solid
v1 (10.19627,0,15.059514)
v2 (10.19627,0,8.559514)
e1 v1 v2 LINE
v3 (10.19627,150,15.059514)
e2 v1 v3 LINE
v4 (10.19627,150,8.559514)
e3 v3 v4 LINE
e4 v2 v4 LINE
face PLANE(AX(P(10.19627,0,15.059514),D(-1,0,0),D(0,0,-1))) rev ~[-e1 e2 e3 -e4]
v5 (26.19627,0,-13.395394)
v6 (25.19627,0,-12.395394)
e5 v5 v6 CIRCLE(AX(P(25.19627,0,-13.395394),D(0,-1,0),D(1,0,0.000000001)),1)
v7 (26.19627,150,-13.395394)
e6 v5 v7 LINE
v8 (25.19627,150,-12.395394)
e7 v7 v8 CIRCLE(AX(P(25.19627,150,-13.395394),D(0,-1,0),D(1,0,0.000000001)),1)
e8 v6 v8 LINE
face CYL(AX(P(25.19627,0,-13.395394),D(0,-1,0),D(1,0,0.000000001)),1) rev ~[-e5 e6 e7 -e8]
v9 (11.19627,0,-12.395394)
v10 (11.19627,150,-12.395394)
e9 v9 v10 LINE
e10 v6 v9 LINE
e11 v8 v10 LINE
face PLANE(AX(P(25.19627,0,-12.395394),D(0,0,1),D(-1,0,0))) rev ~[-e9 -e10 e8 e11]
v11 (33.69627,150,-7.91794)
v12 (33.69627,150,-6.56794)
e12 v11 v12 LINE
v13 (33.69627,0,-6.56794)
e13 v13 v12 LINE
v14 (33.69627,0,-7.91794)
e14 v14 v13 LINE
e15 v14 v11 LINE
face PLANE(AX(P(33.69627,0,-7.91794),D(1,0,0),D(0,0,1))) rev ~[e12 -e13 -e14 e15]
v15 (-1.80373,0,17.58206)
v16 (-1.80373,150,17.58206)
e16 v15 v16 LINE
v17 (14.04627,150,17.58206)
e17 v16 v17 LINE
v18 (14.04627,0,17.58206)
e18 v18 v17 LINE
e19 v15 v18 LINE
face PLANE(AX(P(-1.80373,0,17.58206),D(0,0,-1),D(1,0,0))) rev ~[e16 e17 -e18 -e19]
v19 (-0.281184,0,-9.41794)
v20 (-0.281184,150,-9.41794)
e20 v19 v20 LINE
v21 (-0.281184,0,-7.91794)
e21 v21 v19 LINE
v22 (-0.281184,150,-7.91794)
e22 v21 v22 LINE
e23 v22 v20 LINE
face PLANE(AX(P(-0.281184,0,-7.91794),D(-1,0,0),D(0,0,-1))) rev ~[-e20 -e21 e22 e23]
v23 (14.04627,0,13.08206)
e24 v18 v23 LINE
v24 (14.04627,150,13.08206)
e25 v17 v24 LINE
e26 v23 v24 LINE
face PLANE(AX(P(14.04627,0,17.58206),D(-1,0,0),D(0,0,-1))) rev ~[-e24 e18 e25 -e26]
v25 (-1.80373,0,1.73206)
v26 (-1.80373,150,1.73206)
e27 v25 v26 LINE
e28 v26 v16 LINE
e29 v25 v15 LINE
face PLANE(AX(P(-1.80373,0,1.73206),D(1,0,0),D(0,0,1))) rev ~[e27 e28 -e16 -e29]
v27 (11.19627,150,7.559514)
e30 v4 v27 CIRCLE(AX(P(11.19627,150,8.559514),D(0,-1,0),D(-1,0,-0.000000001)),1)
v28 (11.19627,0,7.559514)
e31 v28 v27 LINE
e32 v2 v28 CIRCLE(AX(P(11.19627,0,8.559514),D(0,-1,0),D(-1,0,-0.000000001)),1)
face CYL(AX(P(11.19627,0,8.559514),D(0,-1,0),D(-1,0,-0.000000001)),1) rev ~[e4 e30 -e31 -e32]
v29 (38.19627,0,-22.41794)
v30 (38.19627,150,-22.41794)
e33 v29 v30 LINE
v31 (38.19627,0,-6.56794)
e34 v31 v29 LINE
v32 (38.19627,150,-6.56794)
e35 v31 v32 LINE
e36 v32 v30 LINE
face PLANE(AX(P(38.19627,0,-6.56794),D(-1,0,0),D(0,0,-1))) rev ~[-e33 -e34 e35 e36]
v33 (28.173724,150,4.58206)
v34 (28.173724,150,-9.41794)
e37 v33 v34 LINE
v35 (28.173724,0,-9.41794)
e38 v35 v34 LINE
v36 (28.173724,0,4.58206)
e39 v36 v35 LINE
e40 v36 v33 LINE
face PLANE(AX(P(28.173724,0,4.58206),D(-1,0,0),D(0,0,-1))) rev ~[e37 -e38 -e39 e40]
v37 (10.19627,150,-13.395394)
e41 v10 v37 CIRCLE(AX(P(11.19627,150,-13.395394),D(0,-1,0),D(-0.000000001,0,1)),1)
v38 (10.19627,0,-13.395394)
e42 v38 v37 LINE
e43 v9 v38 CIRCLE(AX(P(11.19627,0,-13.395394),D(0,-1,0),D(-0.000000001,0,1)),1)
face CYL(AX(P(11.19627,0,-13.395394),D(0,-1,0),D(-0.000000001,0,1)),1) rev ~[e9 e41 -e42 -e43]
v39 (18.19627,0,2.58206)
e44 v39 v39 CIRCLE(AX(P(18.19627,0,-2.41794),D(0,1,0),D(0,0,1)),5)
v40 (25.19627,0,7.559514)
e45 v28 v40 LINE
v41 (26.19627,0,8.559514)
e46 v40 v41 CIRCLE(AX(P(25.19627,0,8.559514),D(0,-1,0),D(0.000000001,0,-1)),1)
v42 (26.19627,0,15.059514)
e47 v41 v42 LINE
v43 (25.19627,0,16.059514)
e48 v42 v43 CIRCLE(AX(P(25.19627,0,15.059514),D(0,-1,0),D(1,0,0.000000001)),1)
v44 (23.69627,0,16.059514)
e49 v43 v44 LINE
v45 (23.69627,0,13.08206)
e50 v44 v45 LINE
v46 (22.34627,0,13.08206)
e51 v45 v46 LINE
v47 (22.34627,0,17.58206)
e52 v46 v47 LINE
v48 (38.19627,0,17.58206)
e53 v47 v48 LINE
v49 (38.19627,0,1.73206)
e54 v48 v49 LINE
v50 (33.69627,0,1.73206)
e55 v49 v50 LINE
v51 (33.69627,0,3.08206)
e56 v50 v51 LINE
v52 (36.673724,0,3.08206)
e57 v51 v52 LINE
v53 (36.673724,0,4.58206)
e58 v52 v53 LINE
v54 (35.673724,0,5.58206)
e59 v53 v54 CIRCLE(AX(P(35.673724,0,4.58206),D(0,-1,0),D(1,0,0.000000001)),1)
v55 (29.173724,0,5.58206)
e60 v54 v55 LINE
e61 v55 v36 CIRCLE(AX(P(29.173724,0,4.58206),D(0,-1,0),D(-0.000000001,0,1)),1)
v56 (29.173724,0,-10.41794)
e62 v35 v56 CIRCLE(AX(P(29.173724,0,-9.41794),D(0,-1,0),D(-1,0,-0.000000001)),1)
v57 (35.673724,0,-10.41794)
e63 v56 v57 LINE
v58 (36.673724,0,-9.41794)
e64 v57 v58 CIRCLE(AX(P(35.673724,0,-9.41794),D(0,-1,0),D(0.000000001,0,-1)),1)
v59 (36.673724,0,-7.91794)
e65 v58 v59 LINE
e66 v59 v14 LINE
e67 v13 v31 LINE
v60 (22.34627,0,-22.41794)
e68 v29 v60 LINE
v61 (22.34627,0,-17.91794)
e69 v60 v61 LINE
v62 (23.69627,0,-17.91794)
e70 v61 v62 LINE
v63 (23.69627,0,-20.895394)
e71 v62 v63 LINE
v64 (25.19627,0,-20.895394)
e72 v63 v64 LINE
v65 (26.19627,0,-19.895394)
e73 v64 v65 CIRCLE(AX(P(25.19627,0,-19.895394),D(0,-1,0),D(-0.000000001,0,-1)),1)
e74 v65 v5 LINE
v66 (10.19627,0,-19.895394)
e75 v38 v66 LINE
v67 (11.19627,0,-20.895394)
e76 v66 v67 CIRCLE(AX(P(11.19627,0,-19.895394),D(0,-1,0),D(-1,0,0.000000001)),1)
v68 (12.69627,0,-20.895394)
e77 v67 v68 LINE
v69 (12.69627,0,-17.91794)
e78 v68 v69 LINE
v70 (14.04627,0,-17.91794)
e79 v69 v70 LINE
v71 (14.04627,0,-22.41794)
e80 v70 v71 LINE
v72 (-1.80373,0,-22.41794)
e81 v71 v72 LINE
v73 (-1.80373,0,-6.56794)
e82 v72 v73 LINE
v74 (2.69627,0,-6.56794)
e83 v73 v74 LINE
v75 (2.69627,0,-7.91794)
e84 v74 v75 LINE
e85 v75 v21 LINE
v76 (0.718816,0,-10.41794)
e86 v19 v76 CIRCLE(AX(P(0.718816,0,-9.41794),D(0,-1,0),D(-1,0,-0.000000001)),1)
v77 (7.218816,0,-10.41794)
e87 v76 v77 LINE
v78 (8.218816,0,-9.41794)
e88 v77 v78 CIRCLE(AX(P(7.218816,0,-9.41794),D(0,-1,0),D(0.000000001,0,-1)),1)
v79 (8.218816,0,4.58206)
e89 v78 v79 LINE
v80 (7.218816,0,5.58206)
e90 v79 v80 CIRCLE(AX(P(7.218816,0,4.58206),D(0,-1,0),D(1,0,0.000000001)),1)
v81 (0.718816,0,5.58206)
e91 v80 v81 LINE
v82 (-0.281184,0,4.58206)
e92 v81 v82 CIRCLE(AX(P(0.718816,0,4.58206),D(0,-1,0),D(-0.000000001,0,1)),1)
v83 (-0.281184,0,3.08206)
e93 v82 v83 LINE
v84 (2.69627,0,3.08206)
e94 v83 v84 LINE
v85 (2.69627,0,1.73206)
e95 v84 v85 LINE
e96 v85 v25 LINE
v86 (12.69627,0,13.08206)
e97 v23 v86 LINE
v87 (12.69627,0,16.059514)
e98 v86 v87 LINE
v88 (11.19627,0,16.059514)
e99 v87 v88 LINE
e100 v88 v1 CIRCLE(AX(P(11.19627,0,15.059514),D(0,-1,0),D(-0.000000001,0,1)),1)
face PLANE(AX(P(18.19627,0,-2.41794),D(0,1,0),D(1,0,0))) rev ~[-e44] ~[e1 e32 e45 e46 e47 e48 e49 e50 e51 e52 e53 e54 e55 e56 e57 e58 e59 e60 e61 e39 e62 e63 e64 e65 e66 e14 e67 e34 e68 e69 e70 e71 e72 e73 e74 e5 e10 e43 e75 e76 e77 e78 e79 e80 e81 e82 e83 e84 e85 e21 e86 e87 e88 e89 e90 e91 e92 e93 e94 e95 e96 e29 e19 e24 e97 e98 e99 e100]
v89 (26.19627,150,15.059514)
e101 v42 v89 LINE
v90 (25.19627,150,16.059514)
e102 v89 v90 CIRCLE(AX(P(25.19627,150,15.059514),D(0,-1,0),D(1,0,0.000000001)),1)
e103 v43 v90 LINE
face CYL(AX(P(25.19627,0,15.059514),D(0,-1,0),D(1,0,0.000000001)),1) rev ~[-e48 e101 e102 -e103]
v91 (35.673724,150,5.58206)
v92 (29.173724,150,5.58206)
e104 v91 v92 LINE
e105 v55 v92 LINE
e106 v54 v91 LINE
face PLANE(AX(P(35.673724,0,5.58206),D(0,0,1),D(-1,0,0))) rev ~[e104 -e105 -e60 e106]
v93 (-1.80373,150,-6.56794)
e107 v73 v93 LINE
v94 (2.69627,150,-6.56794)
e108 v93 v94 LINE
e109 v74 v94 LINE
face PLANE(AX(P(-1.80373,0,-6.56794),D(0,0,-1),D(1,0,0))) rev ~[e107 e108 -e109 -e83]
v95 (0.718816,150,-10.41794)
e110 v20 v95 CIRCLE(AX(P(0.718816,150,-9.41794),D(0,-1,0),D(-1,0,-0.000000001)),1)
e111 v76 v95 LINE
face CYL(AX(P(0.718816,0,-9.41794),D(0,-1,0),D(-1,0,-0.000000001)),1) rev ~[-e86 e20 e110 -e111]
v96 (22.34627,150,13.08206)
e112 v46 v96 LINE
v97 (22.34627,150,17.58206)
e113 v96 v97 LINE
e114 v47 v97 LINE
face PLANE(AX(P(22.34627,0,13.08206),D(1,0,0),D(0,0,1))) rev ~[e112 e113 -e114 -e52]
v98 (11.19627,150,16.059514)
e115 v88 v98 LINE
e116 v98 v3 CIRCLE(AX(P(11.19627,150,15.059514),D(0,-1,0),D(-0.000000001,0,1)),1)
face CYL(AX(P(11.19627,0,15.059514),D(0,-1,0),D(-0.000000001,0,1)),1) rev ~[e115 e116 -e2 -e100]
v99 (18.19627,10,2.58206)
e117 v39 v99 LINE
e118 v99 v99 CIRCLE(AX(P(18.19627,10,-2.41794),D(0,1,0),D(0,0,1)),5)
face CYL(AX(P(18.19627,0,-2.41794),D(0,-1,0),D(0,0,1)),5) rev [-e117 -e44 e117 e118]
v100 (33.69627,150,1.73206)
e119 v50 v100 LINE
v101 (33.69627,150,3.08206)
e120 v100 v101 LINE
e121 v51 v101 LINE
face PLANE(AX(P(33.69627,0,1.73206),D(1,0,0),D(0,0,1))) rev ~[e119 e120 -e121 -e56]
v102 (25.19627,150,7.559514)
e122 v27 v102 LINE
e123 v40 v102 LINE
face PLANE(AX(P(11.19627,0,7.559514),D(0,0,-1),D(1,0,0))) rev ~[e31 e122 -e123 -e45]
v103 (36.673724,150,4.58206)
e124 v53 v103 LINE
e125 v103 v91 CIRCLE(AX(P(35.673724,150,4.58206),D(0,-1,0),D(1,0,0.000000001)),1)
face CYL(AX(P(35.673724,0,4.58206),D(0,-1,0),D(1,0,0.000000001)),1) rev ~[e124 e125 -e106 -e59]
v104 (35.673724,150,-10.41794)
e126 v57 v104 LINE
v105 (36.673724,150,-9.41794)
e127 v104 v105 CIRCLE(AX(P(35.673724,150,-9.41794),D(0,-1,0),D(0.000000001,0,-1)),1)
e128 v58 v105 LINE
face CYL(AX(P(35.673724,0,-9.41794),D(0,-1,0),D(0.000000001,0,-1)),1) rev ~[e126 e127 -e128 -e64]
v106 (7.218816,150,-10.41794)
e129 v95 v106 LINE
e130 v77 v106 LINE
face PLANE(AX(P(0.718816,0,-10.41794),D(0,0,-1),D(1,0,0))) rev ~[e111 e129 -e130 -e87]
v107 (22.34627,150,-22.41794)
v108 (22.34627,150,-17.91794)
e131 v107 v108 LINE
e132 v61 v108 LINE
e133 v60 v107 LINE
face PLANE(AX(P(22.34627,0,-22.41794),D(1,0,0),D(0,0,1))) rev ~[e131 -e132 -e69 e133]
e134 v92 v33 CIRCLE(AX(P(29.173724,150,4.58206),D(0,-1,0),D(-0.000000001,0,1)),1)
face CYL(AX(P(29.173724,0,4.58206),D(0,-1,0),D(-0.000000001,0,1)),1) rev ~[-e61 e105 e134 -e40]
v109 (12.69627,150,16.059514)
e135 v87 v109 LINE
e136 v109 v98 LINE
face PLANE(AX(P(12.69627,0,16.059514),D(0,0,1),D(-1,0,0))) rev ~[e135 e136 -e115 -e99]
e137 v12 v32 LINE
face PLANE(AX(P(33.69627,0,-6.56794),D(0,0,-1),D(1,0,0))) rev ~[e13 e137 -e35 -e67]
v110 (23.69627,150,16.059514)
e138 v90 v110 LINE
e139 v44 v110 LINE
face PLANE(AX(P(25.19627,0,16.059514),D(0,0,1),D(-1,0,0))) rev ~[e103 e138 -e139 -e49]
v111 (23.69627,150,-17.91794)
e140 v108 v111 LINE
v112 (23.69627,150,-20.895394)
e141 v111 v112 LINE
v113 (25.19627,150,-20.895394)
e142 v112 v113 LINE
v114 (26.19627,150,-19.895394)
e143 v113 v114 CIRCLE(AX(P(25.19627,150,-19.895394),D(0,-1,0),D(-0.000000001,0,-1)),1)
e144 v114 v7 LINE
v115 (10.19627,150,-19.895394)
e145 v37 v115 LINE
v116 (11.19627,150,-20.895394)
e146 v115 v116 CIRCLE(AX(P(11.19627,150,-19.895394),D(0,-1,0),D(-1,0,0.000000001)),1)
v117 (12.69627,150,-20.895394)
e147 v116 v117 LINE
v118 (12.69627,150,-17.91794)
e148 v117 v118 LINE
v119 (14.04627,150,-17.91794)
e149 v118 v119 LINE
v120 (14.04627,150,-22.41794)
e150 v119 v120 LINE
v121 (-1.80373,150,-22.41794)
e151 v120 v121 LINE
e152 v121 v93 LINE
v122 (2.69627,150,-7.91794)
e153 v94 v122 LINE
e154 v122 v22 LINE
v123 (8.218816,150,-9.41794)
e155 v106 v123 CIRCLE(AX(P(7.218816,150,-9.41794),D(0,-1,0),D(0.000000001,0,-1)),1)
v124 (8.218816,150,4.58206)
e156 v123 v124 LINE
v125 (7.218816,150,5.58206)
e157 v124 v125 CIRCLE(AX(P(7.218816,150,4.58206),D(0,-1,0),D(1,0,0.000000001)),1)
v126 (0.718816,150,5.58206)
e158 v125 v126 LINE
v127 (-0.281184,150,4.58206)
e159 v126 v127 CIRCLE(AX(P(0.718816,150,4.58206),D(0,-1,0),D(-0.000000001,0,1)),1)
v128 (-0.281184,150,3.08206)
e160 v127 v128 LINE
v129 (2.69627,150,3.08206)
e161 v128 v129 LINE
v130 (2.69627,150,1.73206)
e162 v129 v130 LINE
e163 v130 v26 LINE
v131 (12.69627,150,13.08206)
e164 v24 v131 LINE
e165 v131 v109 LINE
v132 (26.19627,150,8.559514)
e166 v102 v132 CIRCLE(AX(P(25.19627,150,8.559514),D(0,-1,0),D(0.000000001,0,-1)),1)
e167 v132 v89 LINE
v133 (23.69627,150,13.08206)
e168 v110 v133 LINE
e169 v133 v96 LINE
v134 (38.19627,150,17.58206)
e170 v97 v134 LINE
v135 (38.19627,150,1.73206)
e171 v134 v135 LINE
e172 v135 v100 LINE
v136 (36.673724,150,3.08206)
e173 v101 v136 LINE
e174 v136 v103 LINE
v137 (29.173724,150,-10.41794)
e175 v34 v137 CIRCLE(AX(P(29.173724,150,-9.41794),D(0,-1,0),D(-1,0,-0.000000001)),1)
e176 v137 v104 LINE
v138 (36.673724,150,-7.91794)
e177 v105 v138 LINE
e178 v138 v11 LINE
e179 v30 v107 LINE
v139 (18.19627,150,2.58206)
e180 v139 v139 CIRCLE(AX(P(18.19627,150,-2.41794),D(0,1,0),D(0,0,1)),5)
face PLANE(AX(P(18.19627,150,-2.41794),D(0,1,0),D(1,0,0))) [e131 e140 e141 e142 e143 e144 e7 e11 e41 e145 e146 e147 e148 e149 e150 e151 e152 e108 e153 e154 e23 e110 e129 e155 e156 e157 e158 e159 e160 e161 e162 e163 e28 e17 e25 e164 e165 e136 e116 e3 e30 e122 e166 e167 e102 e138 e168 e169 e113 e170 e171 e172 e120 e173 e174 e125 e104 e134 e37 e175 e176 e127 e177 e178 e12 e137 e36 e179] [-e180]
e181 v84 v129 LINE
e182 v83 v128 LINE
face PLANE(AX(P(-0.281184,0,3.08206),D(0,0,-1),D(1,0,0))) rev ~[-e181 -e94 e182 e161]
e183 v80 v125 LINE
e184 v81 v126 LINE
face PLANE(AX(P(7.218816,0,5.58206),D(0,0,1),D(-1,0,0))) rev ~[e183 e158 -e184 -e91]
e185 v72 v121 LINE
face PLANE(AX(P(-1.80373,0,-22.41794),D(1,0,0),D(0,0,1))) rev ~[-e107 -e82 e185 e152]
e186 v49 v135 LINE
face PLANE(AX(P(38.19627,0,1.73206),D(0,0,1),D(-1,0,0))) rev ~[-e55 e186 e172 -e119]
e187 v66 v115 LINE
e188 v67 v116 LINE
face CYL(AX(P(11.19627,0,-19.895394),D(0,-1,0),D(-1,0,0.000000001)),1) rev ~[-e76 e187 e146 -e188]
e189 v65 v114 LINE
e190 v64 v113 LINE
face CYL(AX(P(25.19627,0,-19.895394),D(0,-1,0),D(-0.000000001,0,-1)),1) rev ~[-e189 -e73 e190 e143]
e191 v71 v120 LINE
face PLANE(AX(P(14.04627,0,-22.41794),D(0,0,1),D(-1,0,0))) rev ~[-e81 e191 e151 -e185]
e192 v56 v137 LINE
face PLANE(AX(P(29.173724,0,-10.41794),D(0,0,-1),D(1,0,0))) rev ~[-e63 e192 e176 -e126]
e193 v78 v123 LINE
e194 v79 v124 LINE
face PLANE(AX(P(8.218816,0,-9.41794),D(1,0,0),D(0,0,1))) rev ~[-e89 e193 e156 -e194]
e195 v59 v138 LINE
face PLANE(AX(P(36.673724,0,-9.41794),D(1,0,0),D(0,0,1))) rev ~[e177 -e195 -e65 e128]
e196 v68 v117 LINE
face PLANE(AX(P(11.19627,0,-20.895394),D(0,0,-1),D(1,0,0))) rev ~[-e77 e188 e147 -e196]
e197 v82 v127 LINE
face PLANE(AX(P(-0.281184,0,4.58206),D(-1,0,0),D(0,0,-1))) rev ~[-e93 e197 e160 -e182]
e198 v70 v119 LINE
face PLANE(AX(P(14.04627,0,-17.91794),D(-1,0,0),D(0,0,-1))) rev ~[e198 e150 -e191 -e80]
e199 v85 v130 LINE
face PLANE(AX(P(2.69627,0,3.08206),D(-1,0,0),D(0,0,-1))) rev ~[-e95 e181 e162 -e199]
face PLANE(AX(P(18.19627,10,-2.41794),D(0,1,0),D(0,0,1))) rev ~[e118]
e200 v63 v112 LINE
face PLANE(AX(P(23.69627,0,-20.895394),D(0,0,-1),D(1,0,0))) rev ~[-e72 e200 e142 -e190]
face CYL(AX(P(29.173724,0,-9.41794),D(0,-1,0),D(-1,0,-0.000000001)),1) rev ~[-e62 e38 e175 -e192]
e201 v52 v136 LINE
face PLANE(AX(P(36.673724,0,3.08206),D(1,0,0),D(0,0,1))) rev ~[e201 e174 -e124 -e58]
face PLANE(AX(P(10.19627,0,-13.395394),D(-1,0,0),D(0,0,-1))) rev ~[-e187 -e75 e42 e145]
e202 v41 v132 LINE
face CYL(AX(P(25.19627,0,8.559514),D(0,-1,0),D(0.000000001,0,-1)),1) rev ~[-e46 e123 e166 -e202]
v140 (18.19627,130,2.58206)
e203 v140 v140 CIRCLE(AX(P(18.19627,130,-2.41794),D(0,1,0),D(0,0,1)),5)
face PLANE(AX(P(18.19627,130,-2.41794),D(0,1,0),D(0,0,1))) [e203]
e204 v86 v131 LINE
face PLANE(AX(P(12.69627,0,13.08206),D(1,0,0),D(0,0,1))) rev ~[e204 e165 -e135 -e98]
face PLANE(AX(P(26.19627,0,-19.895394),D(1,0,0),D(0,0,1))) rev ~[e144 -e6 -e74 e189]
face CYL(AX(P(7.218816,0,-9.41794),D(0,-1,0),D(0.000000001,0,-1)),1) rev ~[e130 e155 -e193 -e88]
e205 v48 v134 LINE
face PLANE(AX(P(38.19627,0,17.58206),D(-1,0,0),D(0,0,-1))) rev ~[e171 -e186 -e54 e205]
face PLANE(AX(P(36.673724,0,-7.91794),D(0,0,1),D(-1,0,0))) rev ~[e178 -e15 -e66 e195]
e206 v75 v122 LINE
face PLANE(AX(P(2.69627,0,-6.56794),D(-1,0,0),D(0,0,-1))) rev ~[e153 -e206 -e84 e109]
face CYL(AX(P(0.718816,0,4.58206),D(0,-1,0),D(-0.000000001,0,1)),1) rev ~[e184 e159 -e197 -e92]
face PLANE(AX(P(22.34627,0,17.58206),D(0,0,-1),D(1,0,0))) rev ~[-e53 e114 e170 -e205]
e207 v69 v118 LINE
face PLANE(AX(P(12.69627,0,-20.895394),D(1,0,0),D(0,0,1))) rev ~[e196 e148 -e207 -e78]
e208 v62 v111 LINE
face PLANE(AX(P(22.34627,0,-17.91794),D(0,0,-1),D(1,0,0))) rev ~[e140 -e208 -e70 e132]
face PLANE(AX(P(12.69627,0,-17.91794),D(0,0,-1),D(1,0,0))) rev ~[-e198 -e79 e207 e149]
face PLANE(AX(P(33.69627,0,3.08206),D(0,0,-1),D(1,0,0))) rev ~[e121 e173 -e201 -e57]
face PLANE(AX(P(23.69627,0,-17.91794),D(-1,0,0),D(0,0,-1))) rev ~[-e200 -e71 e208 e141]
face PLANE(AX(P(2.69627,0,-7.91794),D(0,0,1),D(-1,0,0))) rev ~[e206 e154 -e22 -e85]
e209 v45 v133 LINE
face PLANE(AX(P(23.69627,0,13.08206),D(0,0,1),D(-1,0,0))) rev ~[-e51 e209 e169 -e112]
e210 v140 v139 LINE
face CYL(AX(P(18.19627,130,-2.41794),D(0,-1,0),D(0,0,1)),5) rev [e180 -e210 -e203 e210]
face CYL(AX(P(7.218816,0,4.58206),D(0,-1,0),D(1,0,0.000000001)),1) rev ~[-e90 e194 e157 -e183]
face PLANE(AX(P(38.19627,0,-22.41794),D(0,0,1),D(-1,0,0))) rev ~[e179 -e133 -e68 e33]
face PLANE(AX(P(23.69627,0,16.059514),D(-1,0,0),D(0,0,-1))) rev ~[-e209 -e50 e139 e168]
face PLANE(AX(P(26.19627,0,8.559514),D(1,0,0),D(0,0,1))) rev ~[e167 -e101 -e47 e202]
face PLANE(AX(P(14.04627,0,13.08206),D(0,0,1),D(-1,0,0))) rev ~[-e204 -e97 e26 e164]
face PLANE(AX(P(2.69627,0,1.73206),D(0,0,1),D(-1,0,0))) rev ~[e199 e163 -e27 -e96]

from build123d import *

# Parameters (mm, degrees)
RESSALTO_EXTRUS_O1_DEPTH = 150
ESBO_O2_3_R              = 5
CORTE_EXTRUS_O1_DEPTH    = 10
CORTE_EXTRUS_O2_START    = -20
ESBO_O4_R                = 5
CORTE_EXTRUS_O2_DEPTH    = 20


with BuildPart() as part:
    # Esboço2 → Ressalto-extrusão1 (new body)
    with BuildSketch(Plane(origin=(0, 0, 0), x_dir=(1, 0, 0), z_dir=(0, 1, 0))):
        with BuildLine():
            Line((-1.803730261, 22.417940287), (-1.803730261, 6.567940287))
            Line((-1.803730261, 6.567940287), (2.696269739, 6.567940287))
            Line((2.696269739, 6.567940287), (2.696269739, 7.917940287))
            Line((2.696269739, 7.917940287), (-0.281184469, 7.917940287))
            Line((-0.281184469, 7.917940287), (-0.281184469, 9.417940287))
            ThreePointArc((-0.281184469, 9.417940287), (0.01170875, 10.125047068), (0.718815531, 10.417940287))
            Line((0.718815531, 10.417940287), (7.218815531, 10.417940287))
            ThreePointArc((7.218815531, 10.417940287), (7.925922312, 10.125047068), (8.218815531, 9.417940287))
            Line((8.218815531, 9.417940287), (8.218815531, -4.582059713))
            ThreePointArc((8.218815531, -4.582059713), (7.925922312, -5.289166494), (7.218815531, -5.582059713))
            Line((7.218815531, -5.582059713), (0.718815531, -5.582059713))
            ThreePointArc((0.718815531, -5.582059713), (0.01170875, -5.289166494), (-0.281184469, -4.582059713))
            Line((-0.281184469, -4.582059713), (-0.281184469, -3.082059713))
            Line((-0.281184469, -3.082059713), (2.696269739, -3.082059713))
            Line((2.696269739, -3.082059713), (2.696269739, -1.732059713))
            Line((2.696269739, -1.732059713), (-1.803730261, -1.732059713))
            Line((-1.803730261, -1.732059713), (-1.803730261, -17.582059713))
            Line((-1.803730261, -17.582059713), (14.046269739, -17.582059713))
            Line((14.046269739, -17.582059713), (14.046269739, -13.082059713))
            Line((14.046269739, -13.082059713), (12.696269739, -13.082059713))
            Line((12.696269739, -13.082059713), (12.696269739, -16.059513921))
            Line((12.696269739, -16.059513921), (11.196269739, -16.059513921))
            ThreePointArc((11.196269739, -16.059513921), (10.489162958, -15.766620702), (10.196269739, -15.059513921))
            Line((10.196269739, -15.059513921), (10.196269739, -8.559513921))
            ThreePointArc((10.196269739, -8.559513921), (10.489162958, -7.85240714), (11.196269739, -7.559513921))
            Line((11.196269739, -7.559513921), (25.196269739, -7.559513921))
            ThreePointArc((25.196269739, -7.559513921), (25.90337652, -7.85240714), (26.196269739, -8.559513921))
            Line((26.196269739, -8.559513921), (26.196269739, -15.059513921))
            ThreePointArc((26.196269739, -15.059513921), (25.90337652, -15.766620702), (25.196269739, -16.059513921))
            Line((25.196269739, -16.059513921), (23.696269739, -16.059513921))
            Line((23.696269739, -16.059513921), (23.696269739, -13.082059713))
            Line((23.696269739, -13.082059713), (22.346269739, -13.082059713))
            Line((22.346269739, -13.082059713), (22.346269739, -17.582059713))
            Line((22.346269739, -17.582059713), (38.196269739, -17.582059713))
            Line((38.196269739, -17.582059713), (38.196269739, -1.732059713))
            Line((38.196269739, -1.732059713), (33.696269739, -1.732059713))
            Line((33.696269739, -1.732059713), (33.696269739, -3.082059713))
            Line((33.696269739, -3.082059713), (36.673723947, -3.082059713))
            Line((36.673723947, -3.082059713), (36.673723947, -4.582059713))
            ThreePointArc((36.673723947, -4.582059713), (36.380830728, -5.289166494), (35.673723947, -5.582059713))
            Line((35.673723947, -5.582059713), (29.173723947, -5.582059713))
            ThreePointArc((29.173723947, -5.582059713), (28.466617166, -5.289166494), (28.173723947, -4.582059713))
            Line((28.173723947, -4.582059713), (28.173723947, 9.417940287))
            ThreePointArc((28.173723947, 9.417940287), (28.466617166, 10.125047068), (29.173723947, 10.417940287))
            Line((29.173723947, 10.417940287), (35.673723947, 10.417940287))
            ThreePointArc((35.673723947, 10.417940287), (36.380830728, 10.125047068), (36.673723947, 9.417940287))
            Line((36.673723947, 9.417940287), (36.673723947, 7.917940287))
            Line((36.673723947, 7.917940287), (33.696269739, 7.917940287))
            Line((33.696269739, 7.917940287), (33.696269739, 6.567940287))
            Line((33.696269739, 6.567940287), (38.196269739, 6.567940287))
            Line((38.196269739, 6.567940287), (38.196269739, 22.417940287))
            Line((38.196269739, 22.417940287), (22.346269739, 22.417940287))
            Line((22.346269739, 22.417940287), (22.346269739, 17.917940287))
            Line((22.346269739, 17.917940287), (23.696269739, 17.917940287))
            Line((23.696269739, 17.917940287), (23.696269739, 20.895394495))
            Line((23.696269739, 20.895394495), (25.196269739, 20.895394495))
            ThreePointArc((25.196269739, 20.895394495), (25.90337652, 20.602501277), (26.196269739, 19.895394495))
            Line((26.196269739, 19.895394495), (26.196269739, 13.395394495))
            ThreePointArc((26.196269739, 13.395394495), (25.90337652, 12.688287714), (25.196269739, 12.395394495))
            Line((25.196269739, 12.395394495), (11.196269739, 12.395394495))
            ThreePointArc((11.196269739, 12.395394495), (10.489162958, 12.688287714), (10.196269739, 13.395394495))
            Line((10.196269739, 13.395394495), (10.196269739, 19.895394495))
            ThreePointArc((10.196269739, 19.895394495), (10.489162958, 20.602501277), (11.196269739, 20.895394495))
            Line((11.196269739, 20.895394495), (12.696269739, 20.895394495))
            Line((12.696269739, 20.895394495), (12.696269739, 17.917940287))
            Line((12.696269739, 17.917940287), (14.046269739, 17.917940287))
            Line((14.046269739, 17.917940287), (14.046269739, 22.417940287))
            Line((14.046269739, 22.417940287), (-1.803730261, 22.417940287))
        make_face()
    extrude(amount=RESSALTO_EXTRUS_O1_DEPTH)

    # Esboço2<3> → Corte-extrusão1 (cut)
    with BuildSketch(Plane(origin=(0, 0, 0), x_dir=(1, 0, 0), z_dir=(0, 1, 0))):
        with Locations((18.196269739, 2.417940287)):
            Circle(ESBO_O2_3_R)
    extrude(amount=CORTE_EXTRUS_O1_DEPTH, mode=Mode.SUBTRACT)

    # Esboço4 → Corte-extrusão2 (cut)
    with BuildSketch(Plane(origin=(0, 150, 0), x_dir=(1, 0, 0), z_dir=(0, 1, 0)).offset(CORTE_EXTRUS_O2_START)):
        with Locations((18.196269739, 2.417940287)):
            Circle(ESBO_O4_R)
    extrude(amount=CORTE_EXTRUS_O2_DEPTH, mode=Mode.SUBTRACT)


solid = part.part
